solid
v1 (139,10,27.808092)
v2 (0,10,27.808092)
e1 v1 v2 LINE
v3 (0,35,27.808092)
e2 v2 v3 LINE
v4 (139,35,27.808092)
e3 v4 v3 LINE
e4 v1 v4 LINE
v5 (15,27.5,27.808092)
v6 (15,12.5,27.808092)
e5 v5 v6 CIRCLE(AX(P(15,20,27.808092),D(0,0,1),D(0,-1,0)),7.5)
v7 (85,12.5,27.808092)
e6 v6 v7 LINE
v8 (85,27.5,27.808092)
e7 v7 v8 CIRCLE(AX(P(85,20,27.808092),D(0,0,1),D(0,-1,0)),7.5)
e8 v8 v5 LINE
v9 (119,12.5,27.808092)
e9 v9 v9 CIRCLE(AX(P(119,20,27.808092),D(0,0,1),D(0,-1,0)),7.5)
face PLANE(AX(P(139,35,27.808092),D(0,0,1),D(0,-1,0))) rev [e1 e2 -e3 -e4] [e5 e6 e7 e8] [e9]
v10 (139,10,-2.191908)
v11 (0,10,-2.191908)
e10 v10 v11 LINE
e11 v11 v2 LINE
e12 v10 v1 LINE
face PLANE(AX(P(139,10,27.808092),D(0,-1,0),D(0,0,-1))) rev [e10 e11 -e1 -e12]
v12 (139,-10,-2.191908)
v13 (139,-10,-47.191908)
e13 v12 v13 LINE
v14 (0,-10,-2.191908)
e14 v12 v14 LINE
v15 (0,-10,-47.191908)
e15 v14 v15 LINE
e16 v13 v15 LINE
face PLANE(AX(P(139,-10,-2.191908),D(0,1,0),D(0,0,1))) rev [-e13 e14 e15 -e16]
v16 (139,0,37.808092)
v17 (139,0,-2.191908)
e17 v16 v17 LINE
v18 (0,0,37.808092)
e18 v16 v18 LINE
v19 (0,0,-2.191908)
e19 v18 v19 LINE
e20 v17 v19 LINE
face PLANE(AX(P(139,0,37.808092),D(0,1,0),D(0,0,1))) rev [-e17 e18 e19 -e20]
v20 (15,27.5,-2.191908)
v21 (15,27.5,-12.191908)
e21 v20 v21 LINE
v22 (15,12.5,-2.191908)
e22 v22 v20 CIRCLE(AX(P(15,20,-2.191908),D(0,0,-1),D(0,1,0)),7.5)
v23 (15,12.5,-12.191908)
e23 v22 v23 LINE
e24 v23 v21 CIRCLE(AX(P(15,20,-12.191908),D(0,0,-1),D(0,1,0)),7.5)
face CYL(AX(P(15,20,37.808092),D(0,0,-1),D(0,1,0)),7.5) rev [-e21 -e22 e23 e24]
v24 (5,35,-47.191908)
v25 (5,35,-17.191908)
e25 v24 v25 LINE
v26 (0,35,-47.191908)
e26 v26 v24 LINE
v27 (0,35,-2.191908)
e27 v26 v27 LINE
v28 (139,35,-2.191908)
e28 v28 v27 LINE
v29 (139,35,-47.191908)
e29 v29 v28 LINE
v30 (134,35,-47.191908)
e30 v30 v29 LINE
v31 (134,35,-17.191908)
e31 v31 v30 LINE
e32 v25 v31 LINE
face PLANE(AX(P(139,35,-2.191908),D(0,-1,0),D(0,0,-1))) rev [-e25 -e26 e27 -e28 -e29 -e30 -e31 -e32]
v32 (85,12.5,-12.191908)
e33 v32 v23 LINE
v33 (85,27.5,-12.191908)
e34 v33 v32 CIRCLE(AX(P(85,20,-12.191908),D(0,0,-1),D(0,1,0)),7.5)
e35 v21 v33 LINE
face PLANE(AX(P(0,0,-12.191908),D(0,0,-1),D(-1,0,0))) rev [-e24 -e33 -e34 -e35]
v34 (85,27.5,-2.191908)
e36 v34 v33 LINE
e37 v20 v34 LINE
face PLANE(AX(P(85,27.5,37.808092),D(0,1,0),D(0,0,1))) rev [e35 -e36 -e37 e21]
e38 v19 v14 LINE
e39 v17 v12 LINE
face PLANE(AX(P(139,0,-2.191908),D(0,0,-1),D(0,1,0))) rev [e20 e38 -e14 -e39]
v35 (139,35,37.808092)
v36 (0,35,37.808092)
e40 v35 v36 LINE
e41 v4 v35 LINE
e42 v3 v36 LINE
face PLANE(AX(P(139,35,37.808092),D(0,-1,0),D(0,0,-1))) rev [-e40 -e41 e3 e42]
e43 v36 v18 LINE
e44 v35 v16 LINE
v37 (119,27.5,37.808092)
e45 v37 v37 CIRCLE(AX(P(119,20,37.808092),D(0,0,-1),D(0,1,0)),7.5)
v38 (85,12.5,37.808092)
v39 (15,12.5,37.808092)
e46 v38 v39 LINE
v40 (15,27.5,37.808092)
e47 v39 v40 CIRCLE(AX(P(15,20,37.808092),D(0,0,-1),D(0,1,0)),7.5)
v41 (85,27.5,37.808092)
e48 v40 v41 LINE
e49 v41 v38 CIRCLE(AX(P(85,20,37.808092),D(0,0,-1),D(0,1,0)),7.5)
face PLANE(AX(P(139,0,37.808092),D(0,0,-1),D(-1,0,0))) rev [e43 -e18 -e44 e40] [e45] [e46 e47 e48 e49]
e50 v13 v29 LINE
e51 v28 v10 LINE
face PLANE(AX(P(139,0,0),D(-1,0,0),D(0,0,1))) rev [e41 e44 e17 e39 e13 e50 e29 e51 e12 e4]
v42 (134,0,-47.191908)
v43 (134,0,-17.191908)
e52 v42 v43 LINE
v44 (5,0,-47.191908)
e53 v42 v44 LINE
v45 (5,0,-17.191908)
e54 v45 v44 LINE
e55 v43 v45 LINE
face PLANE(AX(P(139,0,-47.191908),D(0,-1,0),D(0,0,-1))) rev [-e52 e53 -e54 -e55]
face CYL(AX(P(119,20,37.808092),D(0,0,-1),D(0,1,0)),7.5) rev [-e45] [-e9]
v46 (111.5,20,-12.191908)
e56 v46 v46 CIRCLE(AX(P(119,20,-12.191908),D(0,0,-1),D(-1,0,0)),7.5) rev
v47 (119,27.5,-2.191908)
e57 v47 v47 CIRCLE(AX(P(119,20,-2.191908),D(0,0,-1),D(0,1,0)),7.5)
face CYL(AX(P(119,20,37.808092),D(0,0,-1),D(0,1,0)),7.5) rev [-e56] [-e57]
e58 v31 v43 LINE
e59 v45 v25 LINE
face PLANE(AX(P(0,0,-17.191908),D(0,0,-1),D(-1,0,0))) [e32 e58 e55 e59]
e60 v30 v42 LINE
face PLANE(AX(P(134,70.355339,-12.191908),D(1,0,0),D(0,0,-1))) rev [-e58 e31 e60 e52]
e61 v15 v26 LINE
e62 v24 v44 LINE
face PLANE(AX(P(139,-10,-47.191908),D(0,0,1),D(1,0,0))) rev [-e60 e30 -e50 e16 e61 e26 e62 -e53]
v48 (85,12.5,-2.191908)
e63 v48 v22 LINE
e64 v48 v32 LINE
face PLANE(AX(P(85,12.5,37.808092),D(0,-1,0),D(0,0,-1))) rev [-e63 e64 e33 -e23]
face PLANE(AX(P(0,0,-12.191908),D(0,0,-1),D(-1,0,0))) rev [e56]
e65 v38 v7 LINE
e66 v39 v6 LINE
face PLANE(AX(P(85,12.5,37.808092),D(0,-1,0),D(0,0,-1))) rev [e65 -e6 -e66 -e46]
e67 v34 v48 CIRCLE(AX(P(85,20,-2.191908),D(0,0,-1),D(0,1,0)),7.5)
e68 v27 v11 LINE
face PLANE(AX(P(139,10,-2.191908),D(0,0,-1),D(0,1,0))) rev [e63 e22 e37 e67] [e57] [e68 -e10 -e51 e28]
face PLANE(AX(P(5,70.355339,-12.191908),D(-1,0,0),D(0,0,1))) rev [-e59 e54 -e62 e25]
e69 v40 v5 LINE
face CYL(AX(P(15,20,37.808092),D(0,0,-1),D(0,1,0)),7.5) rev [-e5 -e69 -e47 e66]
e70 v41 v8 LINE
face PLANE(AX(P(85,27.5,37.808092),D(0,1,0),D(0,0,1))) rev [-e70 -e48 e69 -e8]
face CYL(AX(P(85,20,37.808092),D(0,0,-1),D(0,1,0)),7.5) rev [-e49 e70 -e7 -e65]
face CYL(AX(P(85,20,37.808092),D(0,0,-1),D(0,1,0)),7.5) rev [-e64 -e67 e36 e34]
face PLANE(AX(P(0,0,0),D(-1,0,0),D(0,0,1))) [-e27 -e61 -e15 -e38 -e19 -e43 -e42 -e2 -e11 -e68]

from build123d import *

# Parameters (mm, degrees)
BOSS_EXTRUDE1_DEPTH = 139
SKETCH5_R           = 7.5
CUT_EXTRUDE1_DEPTH  = 152.809090637
SKETCH6_W           = 5
SKETCH6_H           = 35
BOSS_EXTRUDE2_DEPTH = 35
SKETCH7_W           = 129
SKETCH7_H           = 35
BOSS_EXTRUDE3_DEPTH = 5


with BuildPart() as part:
    # Sketch3 → Boss-Extrude1 (new body)
    with BuildSketch(Plane(origin=(0, 0, 0), x_dir=(0, 0, -1), z_dir=(1, 0, 0))):
        Polygon((-27.8080918, 35), (-27.8080918, 10), (2.1919082, 10), (2.1919082, 35), (12.1919082, 35), (12.1919082, 0), (47.1919082, 0), (47.1919082, -10), (2.1919082, -10), (2.1919082, 0), (-37.8080918, 0), (-37.8080918, 35), align=None)
    extrude(amount=BOSS_EXTRUDE1_DEPTH)

    # Sketch5 → Cut-Extrude1 (cut, through all)
    with BuildSketch(Plane(origin=(0, 0, -12.1919082), x_dir=(-1, 0, 0), z_dir=(0, 0, -1))):
        with Locations(Location((-119, 20, 0), (0, 0, 90))):
            Circle(SKETCH5_R)
        with BuildLine():
            Line((-85, 27.5), (-15, 27.5))
            ThreePointArc((-15, 27.5), (-7.5, 20), (-15, 12.5))
            Line((-15, 12.5), (-85, 12.5))
            ThreePointArc((-85, 12.5), (-92.5, 20), (-85, 27.5))
        make_face()
    extrude(amount=-CUT_EXTRUDE1_DEPTH, mode=Mode.SUBTRACT)

    # Sketch6 → Boss-Extrude2 (add)
    with BuildSketch(Plane(origin=(0, 0, 0), x_dir=(1, 0, 0), z_dir=(0, 1, 0))):
        with Locations((2.5, 29.6919082)):
            Rectangle(SKETCH6_W, SKETCH6_H)
        with Locations((136.5, 29.6919082)):
            Rectangle(SKETCH6_W, SKETCH6_H)
    extrude(amount=BOSS_EXTRUDE2_DEPTH)

    # Sketch7 → Boss-Extrude3 (add)
    with BuildSketch(Plane(origin=(0, 0, -12.1919082), x_dir=(-1, 0, 0), z_dir=(0, 0, -1))):
        with Locations((-69.5, 17.5)):
            Rectangle(SKETCH7_W, SKETCH7_H)
    extrude(amount=BOSS_EXTRUDE3_DEPTH)


solid = part.part
